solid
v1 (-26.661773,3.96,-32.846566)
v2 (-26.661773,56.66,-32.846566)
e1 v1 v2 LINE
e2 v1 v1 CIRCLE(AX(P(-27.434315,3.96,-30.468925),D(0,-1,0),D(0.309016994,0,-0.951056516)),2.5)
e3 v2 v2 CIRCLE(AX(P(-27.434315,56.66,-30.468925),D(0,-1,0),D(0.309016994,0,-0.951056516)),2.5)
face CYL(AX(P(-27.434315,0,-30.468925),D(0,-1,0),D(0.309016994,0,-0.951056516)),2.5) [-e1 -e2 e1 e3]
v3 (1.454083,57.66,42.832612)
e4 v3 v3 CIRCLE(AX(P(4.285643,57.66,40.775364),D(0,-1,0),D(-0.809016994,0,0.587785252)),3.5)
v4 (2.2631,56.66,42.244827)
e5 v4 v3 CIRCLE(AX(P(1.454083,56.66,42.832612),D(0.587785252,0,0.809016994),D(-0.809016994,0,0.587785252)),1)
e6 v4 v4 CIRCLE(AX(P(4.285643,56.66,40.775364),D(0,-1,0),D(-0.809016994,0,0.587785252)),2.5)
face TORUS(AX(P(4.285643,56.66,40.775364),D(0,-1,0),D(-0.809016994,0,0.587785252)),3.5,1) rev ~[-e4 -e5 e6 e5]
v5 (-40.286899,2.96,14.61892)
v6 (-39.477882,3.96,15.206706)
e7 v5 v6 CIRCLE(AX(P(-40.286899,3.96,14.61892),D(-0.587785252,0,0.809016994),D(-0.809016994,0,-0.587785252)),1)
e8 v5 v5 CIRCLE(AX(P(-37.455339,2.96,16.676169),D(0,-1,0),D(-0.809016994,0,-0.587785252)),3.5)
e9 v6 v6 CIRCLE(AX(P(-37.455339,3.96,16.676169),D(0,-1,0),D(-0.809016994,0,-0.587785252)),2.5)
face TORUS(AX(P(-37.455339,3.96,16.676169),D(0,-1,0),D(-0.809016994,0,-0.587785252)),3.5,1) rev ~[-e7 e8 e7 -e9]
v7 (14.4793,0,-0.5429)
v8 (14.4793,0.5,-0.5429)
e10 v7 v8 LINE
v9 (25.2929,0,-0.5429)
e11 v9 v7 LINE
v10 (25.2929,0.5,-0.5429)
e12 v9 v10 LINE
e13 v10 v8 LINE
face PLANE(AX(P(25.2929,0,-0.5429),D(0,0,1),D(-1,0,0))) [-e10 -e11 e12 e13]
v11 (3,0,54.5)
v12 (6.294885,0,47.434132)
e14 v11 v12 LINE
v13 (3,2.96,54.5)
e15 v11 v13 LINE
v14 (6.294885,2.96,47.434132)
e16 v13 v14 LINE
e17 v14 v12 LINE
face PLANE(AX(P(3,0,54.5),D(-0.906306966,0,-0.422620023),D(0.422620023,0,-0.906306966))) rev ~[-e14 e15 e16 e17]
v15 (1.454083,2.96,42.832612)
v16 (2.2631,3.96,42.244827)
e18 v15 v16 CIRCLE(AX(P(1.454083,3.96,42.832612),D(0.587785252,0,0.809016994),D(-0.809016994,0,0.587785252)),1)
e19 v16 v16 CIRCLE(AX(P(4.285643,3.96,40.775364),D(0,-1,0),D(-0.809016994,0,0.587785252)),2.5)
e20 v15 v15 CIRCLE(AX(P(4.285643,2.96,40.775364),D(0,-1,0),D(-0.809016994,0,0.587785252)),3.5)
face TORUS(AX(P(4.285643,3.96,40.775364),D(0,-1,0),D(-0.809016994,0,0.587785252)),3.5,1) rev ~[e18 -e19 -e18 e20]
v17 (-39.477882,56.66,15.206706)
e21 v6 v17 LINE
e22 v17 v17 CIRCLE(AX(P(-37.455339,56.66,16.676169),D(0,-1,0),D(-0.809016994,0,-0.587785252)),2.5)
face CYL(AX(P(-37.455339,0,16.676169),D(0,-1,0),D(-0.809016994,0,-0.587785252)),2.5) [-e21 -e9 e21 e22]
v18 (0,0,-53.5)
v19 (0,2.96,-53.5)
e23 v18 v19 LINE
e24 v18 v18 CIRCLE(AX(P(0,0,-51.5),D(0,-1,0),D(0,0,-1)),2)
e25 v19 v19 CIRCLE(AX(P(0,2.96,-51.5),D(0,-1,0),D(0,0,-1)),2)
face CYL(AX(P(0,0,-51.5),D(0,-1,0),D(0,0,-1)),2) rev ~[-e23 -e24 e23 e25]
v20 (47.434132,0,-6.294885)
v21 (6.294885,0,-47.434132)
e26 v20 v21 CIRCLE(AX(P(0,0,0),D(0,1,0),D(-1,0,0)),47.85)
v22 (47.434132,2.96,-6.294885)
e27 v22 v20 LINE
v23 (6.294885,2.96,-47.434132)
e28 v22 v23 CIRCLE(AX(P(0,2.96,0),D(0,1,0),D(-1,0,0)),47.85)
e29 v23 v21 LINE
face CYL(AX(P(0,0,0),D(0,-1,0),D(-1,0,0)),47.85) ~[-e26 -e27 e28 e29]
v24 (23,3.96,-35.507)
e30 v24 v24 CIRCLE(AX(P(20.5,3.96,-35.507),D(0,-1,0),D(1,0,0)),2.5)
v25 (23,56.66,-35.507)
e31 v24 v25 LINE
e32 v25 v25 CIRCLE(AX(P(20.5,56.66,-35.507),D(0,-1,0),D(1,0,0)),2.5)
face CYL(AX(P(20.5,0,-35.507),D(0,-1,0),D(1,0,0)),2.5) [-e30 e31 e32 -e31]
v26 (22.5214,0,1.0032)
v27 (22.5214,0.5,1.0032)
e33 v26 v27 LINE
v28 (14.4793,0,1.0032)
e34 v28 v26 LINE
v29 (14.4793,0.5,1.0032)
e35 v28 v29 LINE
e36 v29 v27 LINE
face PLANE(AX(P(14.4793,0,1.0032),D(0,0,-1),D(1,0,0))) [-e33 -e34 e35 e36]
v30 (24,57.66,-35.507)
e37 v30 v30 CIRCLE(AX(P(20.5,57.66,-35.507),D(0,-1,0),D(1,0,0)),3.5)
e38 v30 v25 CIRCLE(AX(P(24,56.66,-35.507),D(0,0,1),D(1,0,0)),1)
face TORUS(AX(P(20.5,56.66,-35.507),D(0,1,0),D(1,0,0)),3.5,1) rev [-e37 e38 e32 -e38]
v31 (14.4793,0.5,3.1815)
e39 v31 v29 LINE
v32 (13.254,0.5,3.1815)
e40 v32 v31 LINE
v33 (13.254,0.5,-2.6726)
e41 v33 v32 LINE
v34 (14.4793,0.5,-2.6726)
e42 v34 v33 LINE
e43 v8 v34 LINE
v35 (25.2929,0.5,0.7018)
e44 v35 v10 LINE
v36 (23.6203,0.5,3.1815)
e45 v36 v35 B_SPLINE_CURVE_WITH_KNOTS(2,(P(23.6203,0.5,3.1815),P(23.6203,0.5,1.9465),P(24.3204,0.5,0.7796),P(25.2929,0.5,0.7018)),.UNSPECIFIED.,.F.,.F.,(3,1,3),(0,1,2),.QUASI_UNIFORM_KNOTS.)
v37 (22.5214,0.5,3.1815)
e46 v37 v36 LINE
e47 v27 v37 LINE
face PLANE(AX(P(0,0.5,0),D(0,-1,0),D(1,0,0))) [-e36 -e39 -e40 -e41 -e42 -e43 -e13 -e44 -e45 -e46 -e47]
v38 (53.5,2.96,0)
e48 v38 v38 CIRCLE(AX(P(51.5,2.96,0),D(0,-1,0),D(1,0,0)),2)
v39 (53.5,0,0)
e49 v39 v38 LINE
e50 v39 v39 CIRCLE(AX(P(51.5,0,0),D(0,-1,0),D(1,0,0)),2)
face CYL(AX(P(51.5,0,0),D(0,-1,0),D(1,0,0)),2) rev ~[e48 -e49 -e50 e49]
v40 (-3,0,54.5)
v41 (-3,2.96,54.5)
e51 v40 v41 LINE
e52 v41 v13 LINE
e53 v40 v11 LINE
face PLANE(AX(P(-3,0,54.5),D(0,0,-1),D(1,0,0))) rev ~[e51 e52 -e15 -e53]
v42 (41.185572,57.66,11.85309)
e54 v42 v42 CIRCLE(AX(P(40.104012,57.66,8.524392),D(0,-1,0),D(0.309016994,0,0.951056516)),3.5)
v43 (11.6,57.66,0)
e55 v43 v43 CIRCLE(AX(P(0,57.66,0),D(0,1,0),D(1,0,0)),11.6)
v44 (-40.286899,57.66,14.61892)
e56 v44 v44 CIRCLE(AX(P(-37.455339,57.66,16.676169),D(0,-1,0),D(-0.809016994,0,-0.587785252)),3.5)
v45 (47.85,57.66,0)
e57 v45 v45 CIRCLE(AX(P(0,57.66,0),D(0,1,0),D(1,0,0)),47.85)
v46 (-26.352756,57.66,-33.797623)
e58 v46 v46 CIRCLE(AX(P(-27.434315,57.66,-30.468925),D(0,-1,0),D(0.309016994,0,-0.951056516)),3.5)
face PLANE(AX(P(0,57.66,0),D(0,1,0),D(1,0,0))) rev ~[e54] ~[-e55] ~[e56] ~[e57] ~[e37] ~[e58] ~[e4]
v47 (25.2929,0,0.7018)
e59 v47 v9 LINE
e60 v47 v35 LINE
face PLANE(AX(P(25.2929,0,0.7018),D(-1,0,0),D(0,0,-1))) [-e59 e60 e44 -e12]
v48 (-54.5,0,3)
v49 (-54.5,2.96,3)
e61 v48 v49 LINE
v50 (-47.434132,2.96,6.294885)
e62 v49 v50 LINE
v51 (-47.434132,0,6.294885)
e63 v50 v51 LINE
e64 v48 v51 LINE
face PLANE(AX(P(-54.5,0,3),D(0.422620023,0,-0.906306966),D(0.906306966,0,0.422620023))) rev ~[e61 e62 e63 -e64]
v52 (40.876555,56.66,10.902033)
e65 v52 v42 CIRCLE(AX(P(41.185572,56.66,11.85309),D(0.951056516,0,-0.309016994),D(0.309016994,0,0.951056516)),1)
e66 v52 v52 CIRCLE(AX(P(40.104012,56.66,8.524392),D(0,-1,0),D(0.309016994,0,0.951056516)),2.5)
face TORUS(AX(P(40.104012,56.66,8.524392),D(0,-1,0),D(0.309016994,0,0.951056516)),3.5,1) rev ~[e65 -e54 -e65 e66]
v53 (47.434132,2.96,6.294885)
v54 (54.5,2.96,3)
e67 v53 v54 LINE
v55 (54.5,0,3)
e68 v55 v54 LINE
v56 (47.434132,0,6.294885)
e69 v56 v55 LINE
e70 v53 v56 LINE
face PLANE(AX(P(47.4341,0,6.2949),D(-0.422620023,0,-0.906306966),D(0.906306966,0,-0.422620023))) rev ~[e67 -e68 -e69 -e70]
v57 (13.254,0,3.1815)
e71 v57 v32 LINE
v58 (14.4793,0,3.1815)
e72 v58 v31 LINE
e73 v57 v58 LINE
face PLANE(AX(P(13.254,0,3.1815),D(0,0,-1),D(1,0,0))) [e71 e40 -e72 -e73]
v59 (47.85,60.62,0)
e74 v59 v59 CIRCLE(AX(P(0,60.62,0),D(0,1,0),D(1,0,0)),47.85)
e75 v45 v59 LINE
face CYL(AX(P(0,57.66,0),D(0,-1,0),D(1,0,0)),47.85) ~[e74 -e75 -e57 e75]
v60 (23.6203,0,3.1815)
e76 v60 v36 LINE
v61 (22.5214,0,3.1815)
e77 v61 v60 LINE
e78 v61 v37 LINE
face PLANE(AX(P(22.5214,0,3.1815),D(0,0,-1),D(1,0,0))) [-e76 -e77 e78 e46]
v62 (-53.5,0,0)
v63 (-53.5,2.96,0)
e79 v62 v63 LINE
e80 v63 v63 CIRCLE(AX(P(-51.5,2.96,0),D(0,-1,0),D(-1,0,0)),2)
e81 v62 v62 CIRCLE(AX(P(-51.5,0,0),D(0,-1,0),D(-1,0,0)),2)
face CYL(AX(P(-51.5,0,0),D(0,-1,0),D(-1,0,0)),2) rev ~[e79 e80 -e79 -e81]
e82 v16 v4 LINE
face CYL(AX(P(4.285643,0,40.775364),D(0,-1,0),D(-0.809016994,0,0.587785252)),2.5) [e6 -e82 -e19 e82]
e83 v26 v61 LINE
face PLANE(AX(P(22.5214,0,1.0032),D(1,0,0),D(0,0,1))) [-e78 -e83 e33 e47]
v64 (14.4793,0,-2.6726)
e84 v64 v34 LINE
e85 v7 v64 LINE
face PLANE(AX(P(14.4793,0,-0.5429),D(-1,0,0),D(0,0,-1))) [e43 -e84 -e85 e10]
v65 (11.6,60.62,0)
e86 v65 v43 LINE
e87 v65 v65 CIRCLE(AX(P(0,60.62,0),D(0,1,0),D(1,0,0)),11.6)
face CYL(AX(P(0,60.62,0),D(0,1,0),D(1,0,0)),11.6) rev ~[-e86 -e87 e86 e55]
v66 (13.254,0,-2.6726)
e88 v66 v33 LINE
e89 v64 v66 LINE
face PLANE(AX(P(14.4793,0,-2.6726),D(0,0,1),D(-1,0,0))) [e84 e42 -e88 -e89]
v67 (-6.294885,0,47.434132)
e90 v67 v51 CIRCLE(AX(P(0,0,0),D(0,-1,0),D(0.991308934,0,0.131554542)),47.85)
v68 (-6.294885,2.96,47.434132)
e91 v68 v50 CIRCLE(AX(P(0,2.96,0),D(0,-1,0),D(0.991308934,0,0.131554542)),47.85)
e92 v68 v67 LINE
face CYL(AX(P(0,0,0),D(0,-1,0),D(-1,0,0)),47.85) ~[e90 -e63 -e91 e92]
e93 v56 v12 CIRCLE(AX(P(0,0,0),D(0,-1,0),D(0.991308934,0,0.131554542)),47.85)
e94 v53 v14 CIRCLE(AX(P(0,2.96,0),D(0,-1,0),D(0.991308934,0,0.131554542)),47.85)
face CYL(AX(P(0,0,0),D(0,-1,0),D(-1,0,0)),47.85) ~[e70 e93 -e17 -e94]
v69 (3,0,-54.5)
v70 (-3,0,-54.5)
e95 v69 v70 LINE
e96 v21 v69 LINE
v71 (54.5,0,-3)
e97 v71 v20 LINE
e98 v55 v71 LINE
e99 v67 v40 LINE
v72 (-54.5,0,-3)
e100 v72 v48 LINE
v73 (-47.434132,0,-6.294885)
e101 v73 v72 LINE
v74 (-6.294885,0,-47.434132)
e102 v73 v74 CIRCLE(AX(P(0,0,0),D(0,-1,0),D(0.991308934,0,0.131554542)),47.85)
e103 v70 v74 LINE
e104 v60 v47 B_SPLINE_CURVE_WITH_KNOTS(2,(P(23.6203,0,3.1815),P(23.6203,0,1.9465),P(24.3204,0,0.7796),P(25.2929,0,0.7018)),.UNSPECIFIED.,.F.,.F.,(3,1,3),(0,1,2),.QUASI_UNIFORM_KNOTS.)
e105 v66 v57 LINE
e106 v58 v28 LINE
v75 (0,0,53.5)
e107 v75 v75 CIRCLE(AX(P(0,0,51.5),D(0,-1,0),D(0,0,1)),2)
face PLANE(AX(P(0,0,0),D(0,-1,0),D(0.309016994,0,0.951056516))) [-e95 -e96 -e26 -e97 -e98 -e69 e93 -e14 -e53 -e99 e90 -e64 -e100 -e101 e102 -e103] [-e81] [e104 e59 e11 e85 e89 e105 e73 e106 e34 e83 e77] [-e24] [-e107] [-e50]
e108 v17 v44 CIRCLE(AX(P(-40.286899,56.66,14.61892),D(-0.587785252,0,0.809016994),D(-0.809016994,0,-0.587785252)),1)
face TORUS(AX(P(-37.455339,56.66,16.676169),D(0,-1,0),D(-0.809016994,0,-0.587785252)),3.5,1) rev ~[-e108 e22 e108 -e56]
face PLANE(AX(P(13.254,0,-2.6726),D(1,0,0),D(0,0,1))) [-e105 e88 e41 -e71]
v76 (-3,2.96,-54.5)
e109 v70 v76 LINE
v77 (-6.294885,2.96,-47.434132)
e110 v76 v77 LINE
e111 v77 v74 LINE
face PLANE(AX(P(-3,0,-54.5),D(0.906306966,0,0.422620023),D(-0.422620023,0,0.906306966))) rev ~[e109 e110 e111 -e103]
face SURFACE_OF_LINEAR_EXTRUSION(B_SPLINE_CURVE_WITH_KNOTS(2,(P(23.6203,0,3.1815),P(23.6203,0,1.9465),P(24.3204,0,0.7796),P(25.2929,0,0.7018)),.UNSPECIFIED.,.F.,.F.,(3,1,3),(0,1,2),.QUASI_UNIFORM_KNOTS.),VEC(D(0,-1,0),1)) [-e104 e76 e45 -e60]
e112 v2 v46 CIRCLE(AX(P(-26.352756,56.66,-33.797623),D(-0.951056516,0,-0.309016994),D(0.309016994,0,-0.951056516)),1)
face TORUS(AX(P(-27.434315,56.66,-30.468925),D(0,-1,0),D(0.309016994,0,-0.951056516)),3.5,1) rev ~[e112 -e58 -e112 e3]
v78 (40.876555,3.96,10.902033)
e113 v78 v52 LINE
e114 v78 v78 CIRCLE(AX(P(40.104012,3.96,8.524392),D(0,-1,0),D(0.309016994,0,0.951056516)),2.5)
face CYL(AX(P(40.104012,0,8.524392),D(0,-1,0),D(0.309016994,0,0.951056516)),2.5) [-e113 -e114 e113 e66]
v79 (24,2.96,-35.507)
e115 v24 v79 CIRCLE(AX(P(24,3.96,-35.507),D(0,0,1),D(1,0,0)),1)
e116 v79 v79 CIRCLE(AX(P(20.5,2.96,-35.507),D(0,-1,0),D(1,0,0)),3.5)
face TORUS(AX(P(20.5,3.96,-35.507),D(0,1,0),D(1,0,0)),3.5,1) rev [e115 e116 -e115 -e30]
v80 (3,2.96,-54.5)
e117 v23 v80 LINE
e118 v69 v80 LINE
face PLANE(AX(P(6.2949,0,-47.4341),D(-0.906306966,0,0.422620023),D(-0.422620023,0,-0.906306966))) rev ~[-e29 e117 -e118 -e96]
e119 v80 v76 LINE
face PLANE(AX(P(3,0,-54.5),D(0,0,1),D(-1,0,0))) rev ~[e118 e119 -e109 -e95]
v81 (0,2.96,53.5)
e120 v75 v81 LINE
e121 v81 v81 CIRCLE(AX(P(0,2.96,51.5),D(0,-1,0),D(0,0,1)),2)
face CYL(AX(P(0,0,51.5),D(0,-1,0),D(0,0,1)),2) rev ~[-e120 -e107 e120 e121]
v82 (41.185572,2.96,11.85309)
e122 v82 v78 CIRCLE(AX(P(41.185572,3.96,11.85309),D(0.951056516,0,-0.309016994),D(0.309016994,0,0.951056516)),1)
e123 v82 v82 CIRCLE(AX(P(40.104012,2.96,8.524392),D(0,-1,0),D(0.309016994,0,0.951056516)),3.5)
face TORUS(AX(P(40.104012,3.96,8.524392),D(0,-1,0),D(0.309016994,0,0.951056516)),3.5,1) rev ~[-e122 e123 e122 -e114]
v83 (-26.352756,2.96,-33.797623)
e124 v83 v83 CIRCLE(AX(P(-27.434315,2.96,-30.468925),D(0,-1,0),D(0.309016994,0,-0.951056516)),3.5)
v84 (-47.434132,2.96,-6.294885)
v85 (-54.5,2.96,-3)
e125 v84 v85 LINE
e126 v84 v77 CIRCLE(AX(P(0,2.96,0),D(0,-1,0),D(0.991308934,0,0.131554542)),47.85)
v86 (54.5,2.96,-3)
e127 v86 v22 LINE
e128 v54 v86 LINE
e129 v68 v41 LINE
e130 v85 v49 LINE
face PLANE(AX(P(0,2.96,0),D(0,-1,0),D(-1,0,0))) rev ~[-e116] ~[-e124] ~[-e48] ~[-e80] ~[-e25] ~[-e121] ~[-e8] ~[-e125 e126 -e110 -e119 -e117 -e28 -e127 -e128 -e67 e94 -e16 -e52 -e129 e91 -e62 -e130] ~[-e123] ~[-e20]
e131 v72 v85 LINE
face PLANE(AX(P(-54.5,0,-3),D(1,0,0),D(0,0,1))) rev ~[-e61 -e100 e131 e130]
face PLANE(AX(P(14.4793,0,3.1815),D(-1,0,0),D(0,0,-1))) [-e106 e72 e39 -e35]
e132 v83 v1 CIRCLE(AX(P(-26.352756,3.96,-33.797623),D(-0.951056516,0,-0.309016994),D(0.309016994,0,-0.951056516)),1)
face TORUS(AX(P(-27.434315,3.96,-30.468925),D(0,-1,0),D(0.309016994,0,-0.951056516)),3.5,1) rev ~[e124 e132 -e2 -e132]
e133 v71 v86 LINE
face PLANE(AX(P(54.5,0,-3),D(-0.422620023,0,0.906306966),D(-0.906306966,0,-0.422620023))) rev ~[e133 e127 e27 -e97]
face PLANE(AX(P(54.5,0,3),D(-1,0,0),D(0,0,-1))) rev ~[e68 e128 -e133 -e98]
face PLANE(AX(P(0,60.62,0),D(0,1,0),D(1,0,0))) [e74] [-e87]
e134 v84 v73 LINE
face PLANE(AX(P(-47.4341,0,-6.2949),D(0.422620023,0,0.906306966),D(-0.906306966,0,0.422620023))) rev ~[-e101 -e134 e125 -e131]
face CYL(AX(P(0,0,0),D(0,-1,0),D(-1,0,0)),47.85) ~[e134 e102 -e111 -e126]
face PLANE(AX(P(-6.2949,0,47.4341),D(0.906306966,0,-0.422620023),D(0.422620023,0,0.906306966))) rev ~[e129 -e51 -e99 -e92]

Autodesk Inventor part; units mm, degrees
ref_plane "YZ Plane" through (0, 0, 0) normal (1, 0, 0) x (0, 1, 0)
ref_plane "XZ Plane" through (0, 0, 0) normal (0, 1, 0) x (-1, 0, 0)
sketch "Boceto1" plane through (0, 0, 0) normal (0, 1, 0) x (-1, 0, 0)
  circle A0 centre (0, 0) radius 47.85
  dimension "d0" = 95.7
extrude "Extrusión1" add sketch "Boceto1" along normal blind 2.96
ref_plane "Plano de trabajo1" through (0, 57.66, 0) normal (0, 1, 0) x (1, 0, 0)
sketch "Boceto2" plane through (0, 57.66, 0) normal (0, 1, 0) x (1, 0, 0)
  circle A0 centre (0, 0) radius 47.85 projected
extrude "Extrusión2" add sketch "Boceto2" along normal blind 2.96
sketch "Boceto3" plane through (0, 0, 0) normal (0, -1, 0) x (1, 0, 0)
  circle A0 centre (0, 0) radius 51.5 construction
  circle A1 centre (51.5, 0) radius 2
  line L0 (47.4341, 6.2949) -> (54.5, 3)
  line L1 (54.5, 3) -> (54.5, -3)
  line L2 (54.5, -3) -> (47.4341, -6.2949)
  line L3 (0, 0) -> (0, 96) construction
  line L4 (51.5, 0) -> (55.6486, 0) construction
  arc A2 (47.4341, -6.2949) -> (47.4341, 6.2949) centre (0, 0) ccw
  dimension "d6" = 103
  dimension "d7" = 4
  dimension "d8" = 115
  dimension "d9" = 115
  dimension "d10" = 3
  dimension "d11" = 6
extrude "Extrusión3" add sketch "Boceto3" against normal blind 2.96
pattern_circular "Patrón circular1" count 4 over 360 about axis through (0, -10, 0) along (0, 1, 0) of "Extrusión3"
sketch "Boceto4" plane through (0, 0, 0) normal (0, -1, 0) x (1, 0, 0)
  circle A0 centre (0, 0) radius 41 construction
  line L0 (0, 0) -> (20.5, -35.507) construction
  line L1 (0, 0) -> (0, -41) construction
  circle A1 centre (20.5, -35.507) radius 2.5
  dimension "d17" = 82
  dimension "d18" = 30
  dimension "d19" = 5
extrude "Extrusión4" add sketch "Boceto4" against normal up to surface (60.62 mm away)
fillet "Empalme1" radius 1 2 edges at (18, 57.66, -35.507) (18, 2.96, -35.507)
pattern_circular "Patrón circular2" count 5 over 360 about axis through (0, -10, 0) along (0, 1, 0) of "Extrusión4", "Empalme1"
sketch "Boceto5" plane through (0, 60.62, 0) normal (0, 1, 0) x (1, 0, 0)
  circle A0 centre (0, 0) radius 11.6
  dimension "d26" = 23.2
extrude "Extrusión5" cut sketch "Boceto5" against normal up to surface (2.96 mm away)
sketch "Boceto6" plane through (0, 0, 0) normal (0, -1, 0) x (1, 0, 0)
  line L0 (25.2929, 5) -> (25.2929, -33.3087) construction
  line L1 (25.2929, -33.3087) -> (6, -33.3087) construction
  line L2 (6, -33.3087) -> (6, 5) construction
  line L3 (6, 5) -> (25.2929, 5) construction
  line L4 (13.254, -2.6726) -> (13.254, 3.1815)
  line L5 (13.254, 3.1815) -> (14.4793, 3.1815)
  line L6 (14.4793, 3.1815) -> (14.4793, 1.0032)
  line L7 (14.4793, 1.0032) -> (22.5214, 1.0032)
  line L8 (22.5214, 1.0032) -> (22.5214, 3.1815)
  line L9 (22.5214, 3.1815) -> (23.6203, 3.1815)
  spline S0 degree 2 poles (23.6203, 3.1815) (23.6203, 1.9465) (24.3204, 0.7796) (25.2929, 0.7018) knots 0 0 0 1 2 2 2
  line L10 (25.2929, 0.7018) -> (25.2929, -0.5429)
  line L11 (25.2929, -0.5429) -> (14.4793, -0.5429)
  line L12 (14.4793, -0.5429) -> (14.4793, -2.6726)
  line L13 (14.4793, -2.6726) -> (13.254, -2.6726)
  point P0 (0, 0)
extrude "Extrusión6" cut sketch "Boceto6" against normal blind 0.5
equation "\"Radio_pliegue\" = Grosor"
equation "\"Anchura_desahogo_plegado\" = Grosor"
equation "\"Profundidad_desahogo_plegado\" = 0.5 * Grosor"
equation "\"Tamaño_destalonado\" = 4 * Grosor"
equation "\"Remanente_mínimo\" = 2 * Grosor"
equation "\"Radiodetransición\" = Radio_pliegue"
equation "\"Tamaño_de_radio_de_Jacobi\" = Radio_pliegue"
equation "\"TamañoSeparación\" = Grosor"
equation "\"Grosor\" = 0.5"
properties part number "Pieza_base_1"
